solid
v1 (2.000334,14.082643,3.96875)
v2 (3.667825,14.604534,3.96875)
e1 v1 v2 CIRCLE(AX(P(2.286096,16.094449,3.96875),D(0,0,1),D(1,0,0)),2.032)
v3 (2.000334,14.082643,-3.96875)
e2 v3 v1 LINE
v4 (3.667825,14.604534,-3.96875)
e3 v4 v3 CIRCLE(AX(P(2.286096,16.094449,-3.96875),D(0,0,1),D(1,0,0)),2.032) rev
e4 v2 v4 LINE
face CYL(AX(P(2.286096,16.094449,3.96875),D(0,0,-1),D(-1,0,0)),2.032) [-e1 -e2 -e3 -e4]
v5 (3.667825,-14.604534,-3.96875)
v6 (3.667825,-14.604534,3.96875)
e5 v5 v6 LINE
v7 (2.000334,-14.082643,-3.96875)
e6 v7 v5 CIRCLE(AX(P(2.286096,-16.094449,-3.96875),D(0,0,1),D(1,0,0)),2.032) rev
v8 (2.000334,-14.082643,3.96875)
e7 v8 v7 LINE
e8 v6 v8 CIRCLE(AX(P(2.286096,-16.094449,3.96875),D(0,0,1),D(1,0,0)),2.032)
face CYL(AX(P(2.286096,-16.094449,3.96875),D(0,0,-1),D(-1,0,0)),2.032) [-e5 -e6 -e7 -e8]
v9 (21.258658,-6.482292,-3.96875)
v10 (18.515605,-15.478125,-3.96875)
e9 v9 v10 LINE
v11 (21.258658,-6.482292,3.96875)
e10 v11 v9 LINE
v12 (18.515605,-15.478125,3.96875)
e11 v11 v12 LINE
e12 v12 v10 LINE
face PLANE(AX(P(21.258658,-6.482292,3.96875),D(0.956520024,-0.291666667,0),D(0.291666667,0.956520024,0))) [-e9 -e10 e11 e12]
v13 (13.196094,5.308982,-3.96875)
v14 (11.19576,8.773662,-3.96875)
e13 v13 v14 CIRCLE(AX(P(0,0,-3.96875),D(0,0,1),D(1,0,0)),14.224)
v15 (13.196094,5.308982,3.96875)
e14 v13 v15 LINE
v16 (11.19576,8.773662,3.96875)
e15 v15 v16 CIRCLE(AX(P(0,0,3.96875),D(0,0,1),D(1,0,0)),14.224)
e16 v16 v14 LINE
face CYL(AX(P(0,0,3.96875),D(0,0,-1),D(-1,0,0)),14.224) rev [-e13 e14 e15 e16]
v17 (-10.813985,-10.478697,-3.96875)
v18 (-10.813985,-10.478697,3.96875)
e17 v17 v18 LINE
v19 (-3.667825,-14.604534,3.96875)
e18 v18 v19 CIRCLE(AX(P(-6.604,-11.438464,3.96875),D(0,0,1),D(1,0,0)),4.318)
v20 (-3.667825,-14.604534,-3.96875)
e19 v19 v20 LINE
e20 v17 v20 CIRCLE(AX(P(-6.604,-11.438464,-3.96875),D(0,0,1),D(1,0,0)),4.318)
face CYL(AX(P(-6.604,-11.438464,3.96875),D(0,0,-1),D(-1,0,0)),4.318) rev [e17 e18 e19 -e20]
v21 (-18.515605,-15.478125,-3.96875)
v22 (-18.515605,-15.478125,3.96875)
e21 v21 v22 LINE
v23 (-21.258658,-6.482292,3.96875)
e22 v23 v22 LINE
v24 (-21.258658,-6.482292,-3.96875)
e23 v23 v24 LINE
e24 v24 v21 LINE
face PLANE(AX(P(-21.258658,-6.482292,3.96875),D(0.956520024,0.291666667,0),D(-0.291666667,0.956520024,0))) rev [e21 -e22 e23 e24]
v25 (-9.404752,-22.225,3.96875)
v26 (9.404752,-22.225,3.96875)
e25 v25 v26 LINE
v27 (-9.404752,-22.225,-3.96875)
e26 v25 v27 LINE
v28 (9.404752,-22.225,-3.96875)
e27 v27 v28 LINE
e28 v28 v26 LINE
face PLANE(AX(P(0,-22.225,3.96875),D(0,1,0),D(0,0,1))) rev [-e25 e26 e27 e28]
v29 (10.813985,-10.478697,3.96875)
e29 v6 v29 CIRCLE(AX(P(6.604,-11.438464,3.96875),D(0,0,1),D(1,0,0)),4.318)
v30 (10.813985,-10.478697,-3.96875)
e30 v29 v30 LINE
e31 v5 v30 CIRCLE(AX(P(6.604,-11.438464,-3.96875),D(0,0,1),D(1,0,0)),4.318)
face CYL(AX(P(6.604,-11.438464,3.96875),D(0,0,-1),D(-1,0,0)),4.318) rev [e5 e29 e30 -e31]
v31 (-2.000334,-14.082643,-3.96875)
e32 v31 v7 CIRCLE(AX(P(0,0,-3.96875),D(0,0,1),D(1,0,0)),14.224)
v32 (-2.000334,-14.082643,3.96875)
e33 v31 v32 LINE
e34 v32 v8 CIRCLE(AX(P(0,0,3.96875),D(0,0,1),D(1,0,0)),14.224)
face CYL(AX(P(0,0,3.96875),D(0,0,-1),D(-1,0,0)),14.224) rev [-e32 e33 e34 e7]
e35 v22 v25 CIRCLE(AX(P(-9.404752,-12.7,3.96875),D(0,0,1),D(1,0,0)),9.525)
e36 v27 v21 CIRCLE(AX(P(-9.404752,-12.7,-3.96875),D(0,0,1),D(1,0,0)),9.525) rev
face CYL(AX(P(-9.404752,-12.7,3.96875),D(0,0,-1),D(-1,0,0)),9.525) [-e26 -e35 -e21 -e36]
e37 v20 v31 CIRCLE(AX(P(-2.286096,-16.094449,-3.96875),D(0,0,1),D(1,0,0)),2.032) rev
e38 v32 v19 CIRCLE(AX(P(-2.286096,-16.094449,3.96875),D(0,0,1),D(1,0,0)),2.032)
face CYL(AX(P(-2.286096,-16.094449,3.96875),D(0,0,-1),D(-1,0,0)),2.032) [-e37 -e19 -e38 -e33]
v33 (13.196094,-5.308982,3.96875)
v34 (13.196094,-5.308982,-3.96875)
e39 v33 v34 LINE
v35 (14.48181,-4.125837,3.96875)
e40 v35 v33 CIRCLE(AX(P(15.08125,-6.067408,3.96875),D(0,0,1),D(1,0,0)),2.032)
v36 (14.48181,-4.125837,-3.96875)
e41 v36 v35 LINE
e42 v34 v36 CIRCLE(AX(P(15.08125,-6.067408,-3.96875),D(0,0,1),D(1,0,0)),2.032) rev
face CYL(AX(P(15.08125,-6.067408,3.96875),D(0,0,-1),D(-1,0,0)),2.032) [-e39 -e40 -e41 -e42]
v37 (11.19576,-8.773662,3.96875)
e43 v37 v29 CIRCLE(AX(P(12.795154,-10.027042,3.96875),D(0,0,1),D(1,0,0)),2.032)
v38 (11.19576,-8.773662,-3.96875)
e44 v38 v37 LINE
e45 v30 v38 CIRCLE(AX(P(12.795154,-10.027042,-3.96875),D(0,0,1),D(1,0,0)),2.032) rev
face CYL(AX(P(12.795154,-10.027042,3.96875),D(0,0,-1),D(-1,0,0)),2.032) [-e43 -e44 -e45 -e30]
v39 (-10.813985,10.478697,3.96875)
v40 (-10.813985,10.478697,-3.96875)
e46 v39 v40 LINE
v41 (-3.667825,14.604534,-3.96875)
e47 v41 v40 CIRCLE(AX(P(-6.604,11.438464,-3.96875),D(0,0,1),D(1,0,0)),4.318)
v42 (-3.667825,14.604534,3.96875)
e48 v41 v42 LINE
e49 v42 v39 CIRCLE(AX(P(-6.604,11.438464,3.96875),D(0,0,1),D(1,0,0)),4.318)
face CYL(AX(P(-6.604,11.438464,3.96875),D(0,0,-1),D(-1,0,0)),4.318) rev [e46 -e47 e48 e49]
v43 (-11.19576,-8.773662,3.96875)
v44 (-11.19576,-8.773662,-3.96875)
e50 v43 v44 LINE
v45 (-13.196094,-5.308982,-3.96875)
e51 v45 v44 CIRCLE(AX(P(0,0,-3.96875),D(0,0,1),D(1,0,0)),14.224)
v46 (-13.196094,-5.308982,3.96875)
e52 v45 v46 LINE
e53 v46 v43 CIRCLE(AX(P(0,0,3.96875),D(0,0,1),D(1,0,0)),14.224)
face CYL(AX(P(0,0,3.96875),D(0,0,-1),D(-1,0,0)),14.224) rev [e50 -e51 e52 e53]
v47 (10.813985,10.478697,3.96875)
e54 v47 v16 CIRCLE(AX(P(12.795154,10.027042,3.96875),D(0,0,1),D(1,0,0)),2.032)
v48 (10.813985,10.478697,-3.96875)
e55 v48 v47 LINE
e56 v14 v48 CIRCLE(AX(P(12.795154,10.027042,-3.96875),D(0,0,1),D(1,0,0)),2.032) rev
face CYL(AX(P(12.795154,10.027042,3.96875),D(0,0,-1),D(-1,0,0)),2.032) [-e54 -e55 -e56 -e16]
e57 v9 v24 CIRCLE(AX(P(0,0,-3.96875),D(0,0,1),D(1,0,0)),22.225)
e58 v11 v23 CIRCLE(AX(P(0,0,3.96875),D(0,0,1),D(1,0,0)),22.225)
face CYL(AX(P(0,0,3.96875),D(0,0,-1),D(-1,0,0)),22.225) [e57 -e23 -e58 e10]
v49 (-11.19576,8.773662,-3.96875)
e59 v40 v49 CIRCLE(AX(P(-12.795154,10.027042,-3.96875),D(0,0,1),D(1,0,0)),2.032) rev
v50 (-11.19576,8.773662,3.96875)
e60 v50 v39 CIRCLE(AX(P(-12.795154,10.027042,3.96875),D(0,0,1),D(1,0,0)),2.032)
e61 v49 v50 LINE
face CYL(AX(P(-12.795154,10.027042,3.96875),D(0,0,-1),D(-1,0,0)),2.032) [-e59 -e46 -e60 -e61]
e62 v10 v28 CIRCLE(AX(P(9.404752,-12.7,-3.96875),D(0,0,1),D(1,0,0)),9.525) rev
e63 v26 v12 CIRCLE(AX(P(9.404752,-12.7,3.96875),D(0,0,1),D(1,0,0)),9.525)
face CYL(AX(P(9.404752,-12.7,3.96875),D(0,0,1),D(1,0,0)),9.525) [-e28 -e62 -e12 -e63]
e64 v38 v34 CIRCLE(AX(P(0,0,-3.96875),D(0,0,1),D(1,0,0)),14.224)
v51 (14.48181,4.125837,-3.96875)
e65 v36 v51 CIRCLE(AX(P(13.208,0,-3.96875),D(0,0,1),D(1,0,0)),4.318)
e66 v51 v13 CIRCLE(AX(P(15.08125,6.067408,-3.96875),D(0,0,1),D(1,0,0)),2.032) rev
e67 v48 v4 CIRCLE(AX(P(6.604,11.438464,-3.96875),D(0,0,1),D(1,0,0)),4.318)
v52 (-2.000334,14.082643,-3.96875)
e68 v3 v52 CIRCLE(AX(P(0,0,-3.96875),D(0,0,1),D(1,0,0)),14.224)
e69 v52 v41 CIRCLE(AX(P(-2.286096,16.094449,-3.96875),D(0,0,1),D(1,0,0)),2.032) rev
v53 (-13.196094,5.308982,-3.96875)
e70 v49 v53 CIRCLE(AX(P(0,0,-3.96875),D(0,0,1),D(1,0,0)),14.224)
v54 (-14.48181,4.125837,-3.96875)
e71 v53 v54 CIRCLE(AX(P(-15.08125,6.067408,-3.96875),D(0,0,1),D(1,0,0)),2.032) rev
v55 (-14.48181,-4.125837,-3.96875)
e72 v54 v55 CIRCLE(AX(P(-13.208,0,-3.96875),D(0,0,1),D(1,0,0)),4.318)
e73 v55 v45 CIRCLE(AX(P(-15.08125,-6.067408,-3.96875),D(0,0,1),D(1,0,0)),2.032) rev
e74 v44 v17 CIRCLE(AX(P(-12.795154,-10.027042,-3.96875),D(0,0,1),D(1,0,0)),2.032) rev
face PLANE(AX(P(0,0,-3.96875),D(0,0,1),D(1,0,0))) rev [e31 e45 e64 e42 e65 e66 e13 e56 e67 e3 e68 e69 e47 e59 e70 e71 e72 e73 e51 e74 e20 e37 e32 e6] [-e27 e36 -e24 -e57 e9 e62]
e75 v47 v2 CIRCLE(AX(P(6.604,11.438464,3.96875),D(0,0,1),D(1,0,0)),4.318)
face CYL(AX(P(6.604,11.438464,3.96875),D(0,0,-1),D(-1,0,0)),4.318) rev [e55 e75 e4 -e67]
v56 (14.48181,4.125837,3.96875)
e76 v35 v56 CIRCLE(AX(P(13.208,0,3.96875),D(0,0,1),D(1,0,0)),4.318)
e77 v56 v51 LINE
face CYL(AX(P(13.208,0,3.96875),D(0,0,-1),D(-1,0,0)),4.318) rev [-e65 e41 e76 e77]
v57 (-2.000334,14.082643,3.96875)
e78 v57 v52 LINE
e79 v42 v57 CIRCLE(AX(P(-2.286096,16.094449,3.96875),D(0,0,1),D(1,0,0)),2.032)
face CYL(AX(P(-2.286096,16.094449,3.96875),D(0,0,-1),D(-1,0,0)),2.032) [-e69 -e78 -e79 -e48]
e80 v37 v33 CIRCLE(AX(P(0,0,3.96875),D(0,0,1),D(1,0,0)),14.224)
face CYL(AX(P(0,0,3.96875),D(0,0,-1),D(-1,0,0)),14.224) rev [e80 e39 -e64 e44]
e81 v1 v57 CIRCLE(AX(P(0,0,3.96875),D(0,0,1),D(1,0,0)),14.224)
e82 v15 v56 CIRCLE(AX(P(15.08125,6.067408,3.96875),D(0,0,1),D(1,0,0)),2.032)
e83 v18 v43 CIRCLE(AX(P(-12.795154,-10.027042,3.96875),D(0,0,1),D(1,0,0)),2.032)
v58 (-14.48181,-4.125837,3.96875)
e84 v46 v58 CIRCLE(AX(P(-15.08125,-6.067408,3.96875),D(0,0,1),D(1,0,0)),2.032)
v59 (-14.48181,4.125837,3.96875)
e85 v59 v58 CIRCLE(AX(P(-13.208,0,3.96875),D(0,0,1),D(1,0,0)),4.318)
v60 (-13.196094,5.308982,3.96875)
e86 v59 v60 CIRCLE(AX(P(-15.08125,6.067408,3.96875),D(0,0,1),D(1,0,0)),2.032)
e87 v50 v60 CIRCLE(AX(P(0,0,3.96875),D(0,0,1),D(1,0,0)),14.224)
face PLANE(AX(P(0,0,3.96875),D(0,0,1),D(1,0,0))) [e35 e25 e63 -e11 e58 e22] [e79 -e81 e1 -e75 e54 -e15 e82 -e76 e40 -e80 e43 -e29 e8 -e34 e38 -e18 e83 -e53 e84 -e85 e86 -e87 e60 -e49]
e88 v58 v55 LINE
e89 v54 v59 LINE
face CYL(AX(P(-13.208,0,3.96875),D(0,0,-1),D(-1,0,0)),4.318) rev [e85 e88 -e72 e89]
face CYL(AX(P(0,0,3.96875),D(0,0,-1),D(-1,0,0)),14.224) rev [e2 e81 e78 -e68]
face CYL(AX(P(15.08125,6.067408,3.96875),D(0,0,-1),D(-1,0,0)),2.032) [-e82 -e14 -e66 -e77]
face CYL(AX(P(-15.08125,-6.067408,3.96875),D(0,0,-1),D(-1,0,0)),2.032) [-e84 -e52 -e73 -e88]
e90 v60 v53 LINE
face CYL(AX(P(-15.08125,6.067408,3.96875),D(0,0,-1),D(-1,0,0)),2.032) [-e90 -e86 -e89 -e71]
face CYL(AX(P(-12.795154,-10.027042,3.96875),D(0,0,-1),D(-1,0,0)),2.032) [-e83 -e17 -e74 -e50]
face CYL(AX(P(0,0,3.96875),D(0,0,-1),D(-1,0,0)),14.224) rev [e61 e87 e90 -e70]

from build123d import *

# Parameters (mm, degrees)
BOSS_EXTRUDE1_DEPTH = 3.96875
FILLET2_R           = 2.032
FILLET3_R           = 9.525


with BuildPart() as part:
    # Sketch1 → Boss-Extrude1 (new, symmetric)
    with BuildSketch(Plane.XY):
        with BuildLine():
            Line((-21.258657525, -6.482291667), (-16.458315503, -22.225))
            Line((-16.458315503, -22.225), (16.458315503, -22.225))
            Line((16.458315503, -22.225), (21.258657525, -6.482291667))
            ThreePointArc((21.258657525, -6.482291667), (0, 22.225), (-21.258657525, -6.482291667))
        make_face()
        with BuildLine():
            ThreePointArc((13.55725, 4.303852743), (17.526, 0), (13.55725, -4.303852743))
            ThreePointArc((13.55725, -4.303852743), (12.318345343, -7.112), (10.50587081, -9.588996534))
            ThreePointArc((10.50587081, -9.588996534), (8.763, -15.177961227), (3.05137919, -13.892849277))
            ThreePointArc((3.05137919, -13.892849277), (0, -14.224), (-3.05137919, -13.892849277))
            ThreePointArc((-3.05137919, -13.892849277), (-8.763, -15.177961227), (-10.50587081, -9.588996534))
            ThreePointArc((-10.50587081, -9.588996534), (-12.318345343, -7.112), (-13.55725, -4.303852743))
            ThreePointArc((-13.55725, -4.303852743), (-17.526, 0), (-13.55725, 4.303852743))
            ThreePointArc((-13.55725, 4.303852743), (-12.318345343, 7.112), (-10.50587081, 9.588996534))
            ThreePointArc((-10.50587081, 9.588996534), (-8.763, 15.177961227), (-3.05137919, 13.892849277))
            ThreePointArc((-3.05137919, 13.892849277), (0, 14.224), (3.05137919, 13.892849277))
            ThreePointArc((3.05137919, 13.892849277), (8.763, 15.177961227), (10.50587081, 9.588996534))
            ThreePointArc((10.50587081, 9.588996534), (12.318345343, 7.112), (13.55725, 4.303852743))
        make_face(mode=Mode.SUBTRACT)
    extrude(amount=BOSS_EXTRUDE1_DEPTH, both=True)

    # Fillet2
    fillet2_edges = [part.edges().sort_by_distance(p)[0] for p in [
        (-13.55725, -4.303852743, 0),
        (-10.50587081, -9.588996534, 0),
        (-3.05137919, -13.892849277, 0),
        (3.05137919, -13.892849277, 0),
        (10.50587081, -9.588996534, 0),
        (13.55725, -4.303852743, 0),
        (13.55725, 4.303852743, 0),
        (10.50587081, 9.588996534, 0),
        (3.05137919, 13.892849277, 0),
        (-3.05137919, 13.892849277, 0),
        (-10.50587081, 9.588996534, 0),
        (-13.55725, 4.303852743, 0),
    ]]
    fillet(fillet2_edges, radius=FILLET2_R)

    # Fillet3
    fillet3_edges = [part.edges().sort_by_distance(p)[0] for p in [
        (16.458315503, -22.225, 0),
        (-16.458315503, -22.225, 0),
    ]]
    fillet(fillet3_edges, radius=FILLET3_R)


solid = part.part
